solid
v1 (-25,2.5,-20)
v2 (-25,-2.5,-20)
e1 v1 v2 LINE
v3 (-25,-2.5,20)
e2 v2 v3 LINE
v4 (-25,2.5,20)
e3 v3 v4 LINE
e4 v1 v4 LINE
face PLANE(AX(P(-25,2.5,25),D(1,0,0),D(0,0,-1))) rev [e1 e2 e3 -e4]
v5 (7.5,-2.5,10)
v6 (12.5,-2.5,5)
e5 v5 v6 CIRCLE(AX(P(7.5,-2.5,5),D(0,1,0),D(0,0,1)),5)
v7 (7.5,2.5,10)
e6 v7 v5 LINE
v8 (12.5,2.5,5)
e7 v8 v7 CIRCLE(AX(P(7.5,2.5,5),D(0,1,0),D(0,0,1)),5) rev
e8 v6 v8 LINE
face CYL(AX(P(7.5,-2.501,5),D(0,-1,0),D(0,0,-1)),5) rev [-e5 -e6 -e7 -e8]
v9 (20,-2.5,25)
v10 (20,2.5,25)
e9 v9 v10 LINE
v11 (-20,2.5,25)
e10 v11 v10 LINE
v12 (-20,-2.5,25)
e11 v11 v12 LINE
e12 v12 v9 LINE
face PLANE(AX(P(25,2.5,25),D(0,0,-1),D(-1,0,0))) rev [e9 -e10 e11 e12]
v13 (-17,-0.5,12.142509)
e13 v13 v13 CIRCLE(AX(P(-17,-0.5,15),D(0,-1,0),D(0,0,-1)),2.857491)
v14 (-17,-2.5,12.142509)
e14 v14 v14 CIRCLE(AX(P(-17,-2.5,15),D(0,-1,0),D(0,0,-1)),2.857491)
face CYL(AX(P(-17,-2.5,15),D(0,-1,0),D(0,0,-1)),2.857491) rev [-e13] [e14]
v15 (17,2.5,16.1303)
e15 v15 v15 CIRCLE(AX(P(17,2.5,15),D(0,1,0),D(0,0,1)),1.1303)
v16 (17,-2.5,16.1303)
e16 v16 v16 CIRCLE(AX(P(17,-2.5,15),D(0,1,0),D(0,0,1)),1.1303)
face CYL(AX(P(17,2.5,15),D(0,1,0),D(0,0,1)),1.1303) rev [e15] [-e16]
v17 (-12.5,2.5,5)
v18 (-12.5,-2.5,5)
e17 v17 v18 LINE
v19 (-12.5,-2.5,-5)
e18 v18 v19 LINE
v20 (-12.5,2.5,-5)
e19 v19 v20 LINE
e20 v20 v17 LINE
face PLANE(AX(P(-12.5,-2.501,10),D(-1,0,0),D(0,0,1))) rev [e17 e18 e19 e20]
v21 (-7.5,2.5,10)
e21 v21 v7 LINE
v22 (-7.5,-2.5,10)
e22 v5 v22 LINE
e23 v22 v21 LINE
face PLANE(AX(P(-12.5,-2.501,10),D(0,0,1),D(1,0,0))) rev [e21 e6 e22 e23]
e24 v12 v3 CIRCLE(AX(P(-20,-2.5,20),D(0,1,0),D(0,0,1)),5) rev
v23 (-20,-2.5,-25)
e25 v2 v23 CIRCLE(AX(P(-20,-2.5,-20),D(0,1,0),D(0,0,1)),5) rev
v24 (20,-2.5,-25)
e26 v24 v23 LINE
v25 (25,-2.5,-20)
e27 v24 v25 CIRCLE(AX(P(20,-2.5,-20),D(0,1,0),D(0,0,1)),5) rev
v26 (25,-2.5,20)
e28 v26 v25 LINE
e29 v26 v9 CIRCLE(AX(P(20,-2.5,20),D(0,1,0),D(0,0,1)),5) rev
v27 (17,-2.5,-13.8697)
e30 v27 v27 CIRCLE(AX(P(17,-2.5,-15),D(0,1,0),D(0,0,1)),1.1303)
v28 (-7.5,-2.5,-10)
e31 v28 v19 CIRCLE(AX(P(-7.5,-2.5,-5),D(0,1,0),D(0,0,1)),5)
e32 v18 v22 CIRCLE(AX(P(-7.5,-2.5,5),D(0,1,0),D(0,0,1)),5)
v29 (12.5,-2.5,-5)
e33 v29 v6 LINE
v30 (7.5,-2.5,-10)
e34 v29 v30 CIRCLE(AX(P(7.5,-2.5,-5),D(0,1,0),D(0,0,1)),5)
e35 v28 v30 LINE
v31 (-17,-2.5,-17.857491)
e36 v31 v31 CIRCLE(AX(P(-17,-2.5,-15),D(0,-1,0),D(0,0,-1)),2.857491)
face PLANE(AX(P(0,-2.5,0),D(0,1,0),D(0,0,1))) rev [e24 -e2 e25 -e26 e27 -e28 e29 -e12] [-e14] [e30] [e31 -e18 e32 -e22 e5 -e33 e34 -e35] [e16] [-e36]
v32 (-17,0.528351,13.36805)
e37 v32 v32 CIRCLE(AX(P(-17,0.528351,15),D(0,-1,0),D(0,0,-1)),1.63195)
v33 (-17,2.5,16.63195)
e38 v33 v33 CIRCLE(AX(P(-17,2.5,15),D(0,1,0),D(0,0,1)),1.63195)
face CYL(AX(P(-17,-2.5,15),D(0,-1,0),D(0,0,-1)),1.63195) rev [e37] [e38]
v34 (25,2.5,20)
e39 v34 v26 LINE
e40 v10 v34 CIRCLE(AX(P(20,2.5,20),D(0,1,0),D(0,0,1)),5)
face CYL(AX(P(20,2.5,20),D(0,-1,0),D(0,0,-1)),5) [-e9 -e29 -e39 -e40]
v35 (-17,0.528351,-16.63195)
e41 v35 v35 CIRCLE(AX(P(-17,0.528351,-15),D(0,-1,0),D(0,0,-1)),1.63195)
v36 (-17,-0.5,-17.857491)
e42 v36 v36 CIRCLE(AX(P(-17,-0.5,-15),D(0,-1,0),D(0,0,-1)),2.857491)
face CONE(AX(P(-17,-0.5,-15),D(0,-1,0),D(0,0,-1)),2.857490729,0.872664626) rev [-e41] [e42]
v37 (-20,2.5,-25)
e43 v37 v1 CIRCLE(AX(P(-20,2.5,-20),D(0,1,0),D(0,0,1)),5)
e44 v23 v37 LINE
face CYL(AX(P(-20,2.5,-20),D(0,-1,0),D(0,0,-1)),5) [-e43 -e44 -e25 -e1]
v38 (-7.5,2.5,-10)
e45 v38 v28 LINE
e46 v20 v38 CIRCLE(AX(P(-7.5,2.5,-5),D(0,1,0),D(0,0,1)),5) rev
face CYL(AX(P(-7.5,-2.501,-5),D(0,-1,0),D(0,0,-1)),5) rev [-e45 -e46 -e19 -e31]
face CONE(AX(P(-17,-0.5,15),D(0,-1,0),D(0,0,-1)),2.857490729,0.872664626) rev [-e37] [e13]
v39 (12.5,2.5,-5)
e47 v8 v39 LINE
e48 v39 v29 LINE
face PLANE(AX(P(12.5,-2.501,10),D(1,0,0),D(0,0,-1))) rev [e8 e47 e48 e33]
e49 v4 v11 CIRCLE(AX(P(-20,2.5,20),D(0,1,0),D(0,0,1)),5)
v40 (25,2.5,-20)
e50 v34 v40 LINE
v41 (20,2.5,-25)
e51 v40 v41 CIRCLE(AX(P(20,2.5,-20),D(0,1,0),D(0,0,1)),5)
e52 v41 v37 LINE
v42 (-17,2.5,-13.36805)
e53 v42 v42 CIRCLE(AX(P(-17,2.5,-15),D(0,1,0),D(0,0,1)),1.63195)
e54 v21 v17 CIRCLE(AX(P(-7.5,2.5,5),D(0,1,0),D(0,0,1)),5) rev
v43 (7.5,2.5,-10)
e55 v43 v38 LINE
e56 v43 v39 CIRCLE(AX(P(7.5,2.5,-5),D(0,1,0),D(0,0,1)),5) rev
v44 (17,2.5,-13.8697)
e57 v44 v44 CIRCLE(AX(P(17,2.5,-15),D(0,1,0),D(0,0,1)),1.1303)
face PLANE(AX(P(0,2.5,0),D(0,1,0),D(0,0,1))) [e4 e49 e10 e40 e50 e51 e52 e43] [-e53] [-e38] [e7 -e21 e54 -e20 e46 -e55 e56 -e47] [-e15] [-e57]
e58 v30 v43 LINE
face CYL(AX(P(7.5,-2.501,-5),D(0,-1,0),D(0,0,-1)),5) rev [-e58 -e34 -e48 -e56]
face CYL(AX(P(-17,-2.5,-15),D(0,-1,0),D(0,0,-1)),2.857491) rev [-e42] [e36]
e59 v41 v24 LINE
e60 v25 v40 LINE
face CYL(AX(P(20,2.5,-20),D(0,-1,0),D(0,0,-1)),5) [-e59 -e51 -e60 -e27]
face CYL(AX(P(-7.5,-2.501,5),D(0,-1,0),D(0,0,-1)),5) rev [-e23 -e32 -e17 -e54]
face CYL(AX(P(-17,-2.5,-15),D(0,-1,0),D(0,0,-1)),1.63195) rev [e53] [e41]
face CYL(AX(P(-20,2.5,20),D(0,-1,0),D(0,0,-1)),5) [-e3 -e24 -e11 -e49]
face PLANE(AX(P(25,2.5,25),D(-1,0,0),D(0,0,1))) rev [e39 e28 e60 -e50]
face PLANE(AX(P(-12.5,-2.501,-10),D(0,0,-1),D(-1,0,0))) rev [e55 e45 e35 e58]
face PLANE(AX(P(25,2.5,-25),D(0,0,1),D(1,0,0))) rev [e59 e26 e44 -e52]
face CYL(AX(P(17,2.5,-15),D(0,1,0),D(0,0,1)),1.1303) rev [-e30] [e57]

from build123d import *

# Parameters (mm, degrees)
SKETCH1_W                                 = 50
SKETCH1_H                                 = 50
BOSS_EXTRUDE1_DEPTH                       = 2.5
F_4_40_TAPPED_HOLE1_D                     = 2.2606
F_4_40_TAPPED_HOLE1_DEPTH                 = 5
CSK_FOR_4_FLAT_HEAD_MACHINE_SCREW_2_COUNT = 2
CSK_FOR_4_FLAT_HEAD_MACHINE_SCREW_2_PITCH = 30
CUT_EXTRUDE1_REACH                        = 7
SKETCH6_W                                 = 25
SKETCH6_H                                 = 20
FILLET1_R                                 = 5


with BuildPart() as part:
    # Sketch1 → Boss-Extrude1 (new body, symmetric)
    with BuildSketch(Plane(origin=(0, 0, 0), x_dir=(1, 0, 0), z_dir=(0, 1, 0))):
        Rectangle(SKETCH1_W, SKETCH1_H)
    extrude(amount=BOSS_EXTRUDE1_DEPTH, both=True)

    # #4-40 Tapped Hole1
    with Locations(Plane(origin=(0, 2.5, 0), x_dir=(1, 0, 0), z_dir=(0, 1, 0))):
        with Locations((17, 15), (17, -15)):
            Hole(F_4_40_TAPPED_HOLE1_D / 2, depth=F_4_40_TAPPED_HOLE1_DEPTH)

    # Sketch5 → CSK for #4 Flat Head Machine Screw (100)1 (revolve, cut)
    with BuildSketch(Plane(origin=(-17, -2.5, -15), x_dir=(0, 0, -1), z_dir=(1, 0, 0))):
        Polygon((0, 0), (0, 5), (1.63195, 5), (1.63195, 3.028350774), (2.857490729, 2), (2.857490729, 0), align=None)
    csk_for_4_flat_head_machine_screw_100 = revolve(axis=Axis((-17, -8.85, -15), (0, 1, 0)), mode=Mode.SUBTRACT)

    # CSK for _4 Flat Head Machine Screw _ 2: CSK for #4 Flat Head Machine Screw (100)1 ×2
    with Locations(*[(0, 0, i * CSK_FOR_4_FLAT_HEAD_MACHINE_SCREW_2_PITCH) for i in range(1, CSK_FOR_4_FLAT_HEAD_MACHINE_SCREW_2_COUNT)]):
        add(csk_for_4_flat_head_machine_screw_100, mode=Mode.SUBTRACT)

    # Sketch6 → Cut-Extrude1 (cut, up to next)
    with BuildSketch(Plane(origin=(0, 2.5, 0), x_dir=(1, 0, 0), z_dir=(0, 1, 0)), mode=Mode.PRIVATE) as cut_extrude1_sk1:
        Rectangle(SKETCH6_W, SKETCH6_H)
    cut_extrude1_tool1 = extrude(cut_extrude1_sk1.sketch, amount=-CUT_EXTRUDE1_REACH, mode=Mode.PRIVATE) & part.part
    add(cut_extrude1_tool1.solids().sort_by_distance((0, 2.5, 0))[0], mode=Mode.SUBTRACT)

    # Fillet1
    fillet1_edges = [part.edges().sort_by_distance(p)[0] for p in [
        (12.5, 0, -10),
        (12.5, 0, 10),
        (-12.5, 0, 10),
        (-12.5, 0, -10),
        (-25, 0, -25),
        (25, 0, -25),
        (25, 0, 25),
        (-25, 0, 25),
    ]]
    fillet(fillet1_edges, radius=FILLET1_R)


solid = part.part
